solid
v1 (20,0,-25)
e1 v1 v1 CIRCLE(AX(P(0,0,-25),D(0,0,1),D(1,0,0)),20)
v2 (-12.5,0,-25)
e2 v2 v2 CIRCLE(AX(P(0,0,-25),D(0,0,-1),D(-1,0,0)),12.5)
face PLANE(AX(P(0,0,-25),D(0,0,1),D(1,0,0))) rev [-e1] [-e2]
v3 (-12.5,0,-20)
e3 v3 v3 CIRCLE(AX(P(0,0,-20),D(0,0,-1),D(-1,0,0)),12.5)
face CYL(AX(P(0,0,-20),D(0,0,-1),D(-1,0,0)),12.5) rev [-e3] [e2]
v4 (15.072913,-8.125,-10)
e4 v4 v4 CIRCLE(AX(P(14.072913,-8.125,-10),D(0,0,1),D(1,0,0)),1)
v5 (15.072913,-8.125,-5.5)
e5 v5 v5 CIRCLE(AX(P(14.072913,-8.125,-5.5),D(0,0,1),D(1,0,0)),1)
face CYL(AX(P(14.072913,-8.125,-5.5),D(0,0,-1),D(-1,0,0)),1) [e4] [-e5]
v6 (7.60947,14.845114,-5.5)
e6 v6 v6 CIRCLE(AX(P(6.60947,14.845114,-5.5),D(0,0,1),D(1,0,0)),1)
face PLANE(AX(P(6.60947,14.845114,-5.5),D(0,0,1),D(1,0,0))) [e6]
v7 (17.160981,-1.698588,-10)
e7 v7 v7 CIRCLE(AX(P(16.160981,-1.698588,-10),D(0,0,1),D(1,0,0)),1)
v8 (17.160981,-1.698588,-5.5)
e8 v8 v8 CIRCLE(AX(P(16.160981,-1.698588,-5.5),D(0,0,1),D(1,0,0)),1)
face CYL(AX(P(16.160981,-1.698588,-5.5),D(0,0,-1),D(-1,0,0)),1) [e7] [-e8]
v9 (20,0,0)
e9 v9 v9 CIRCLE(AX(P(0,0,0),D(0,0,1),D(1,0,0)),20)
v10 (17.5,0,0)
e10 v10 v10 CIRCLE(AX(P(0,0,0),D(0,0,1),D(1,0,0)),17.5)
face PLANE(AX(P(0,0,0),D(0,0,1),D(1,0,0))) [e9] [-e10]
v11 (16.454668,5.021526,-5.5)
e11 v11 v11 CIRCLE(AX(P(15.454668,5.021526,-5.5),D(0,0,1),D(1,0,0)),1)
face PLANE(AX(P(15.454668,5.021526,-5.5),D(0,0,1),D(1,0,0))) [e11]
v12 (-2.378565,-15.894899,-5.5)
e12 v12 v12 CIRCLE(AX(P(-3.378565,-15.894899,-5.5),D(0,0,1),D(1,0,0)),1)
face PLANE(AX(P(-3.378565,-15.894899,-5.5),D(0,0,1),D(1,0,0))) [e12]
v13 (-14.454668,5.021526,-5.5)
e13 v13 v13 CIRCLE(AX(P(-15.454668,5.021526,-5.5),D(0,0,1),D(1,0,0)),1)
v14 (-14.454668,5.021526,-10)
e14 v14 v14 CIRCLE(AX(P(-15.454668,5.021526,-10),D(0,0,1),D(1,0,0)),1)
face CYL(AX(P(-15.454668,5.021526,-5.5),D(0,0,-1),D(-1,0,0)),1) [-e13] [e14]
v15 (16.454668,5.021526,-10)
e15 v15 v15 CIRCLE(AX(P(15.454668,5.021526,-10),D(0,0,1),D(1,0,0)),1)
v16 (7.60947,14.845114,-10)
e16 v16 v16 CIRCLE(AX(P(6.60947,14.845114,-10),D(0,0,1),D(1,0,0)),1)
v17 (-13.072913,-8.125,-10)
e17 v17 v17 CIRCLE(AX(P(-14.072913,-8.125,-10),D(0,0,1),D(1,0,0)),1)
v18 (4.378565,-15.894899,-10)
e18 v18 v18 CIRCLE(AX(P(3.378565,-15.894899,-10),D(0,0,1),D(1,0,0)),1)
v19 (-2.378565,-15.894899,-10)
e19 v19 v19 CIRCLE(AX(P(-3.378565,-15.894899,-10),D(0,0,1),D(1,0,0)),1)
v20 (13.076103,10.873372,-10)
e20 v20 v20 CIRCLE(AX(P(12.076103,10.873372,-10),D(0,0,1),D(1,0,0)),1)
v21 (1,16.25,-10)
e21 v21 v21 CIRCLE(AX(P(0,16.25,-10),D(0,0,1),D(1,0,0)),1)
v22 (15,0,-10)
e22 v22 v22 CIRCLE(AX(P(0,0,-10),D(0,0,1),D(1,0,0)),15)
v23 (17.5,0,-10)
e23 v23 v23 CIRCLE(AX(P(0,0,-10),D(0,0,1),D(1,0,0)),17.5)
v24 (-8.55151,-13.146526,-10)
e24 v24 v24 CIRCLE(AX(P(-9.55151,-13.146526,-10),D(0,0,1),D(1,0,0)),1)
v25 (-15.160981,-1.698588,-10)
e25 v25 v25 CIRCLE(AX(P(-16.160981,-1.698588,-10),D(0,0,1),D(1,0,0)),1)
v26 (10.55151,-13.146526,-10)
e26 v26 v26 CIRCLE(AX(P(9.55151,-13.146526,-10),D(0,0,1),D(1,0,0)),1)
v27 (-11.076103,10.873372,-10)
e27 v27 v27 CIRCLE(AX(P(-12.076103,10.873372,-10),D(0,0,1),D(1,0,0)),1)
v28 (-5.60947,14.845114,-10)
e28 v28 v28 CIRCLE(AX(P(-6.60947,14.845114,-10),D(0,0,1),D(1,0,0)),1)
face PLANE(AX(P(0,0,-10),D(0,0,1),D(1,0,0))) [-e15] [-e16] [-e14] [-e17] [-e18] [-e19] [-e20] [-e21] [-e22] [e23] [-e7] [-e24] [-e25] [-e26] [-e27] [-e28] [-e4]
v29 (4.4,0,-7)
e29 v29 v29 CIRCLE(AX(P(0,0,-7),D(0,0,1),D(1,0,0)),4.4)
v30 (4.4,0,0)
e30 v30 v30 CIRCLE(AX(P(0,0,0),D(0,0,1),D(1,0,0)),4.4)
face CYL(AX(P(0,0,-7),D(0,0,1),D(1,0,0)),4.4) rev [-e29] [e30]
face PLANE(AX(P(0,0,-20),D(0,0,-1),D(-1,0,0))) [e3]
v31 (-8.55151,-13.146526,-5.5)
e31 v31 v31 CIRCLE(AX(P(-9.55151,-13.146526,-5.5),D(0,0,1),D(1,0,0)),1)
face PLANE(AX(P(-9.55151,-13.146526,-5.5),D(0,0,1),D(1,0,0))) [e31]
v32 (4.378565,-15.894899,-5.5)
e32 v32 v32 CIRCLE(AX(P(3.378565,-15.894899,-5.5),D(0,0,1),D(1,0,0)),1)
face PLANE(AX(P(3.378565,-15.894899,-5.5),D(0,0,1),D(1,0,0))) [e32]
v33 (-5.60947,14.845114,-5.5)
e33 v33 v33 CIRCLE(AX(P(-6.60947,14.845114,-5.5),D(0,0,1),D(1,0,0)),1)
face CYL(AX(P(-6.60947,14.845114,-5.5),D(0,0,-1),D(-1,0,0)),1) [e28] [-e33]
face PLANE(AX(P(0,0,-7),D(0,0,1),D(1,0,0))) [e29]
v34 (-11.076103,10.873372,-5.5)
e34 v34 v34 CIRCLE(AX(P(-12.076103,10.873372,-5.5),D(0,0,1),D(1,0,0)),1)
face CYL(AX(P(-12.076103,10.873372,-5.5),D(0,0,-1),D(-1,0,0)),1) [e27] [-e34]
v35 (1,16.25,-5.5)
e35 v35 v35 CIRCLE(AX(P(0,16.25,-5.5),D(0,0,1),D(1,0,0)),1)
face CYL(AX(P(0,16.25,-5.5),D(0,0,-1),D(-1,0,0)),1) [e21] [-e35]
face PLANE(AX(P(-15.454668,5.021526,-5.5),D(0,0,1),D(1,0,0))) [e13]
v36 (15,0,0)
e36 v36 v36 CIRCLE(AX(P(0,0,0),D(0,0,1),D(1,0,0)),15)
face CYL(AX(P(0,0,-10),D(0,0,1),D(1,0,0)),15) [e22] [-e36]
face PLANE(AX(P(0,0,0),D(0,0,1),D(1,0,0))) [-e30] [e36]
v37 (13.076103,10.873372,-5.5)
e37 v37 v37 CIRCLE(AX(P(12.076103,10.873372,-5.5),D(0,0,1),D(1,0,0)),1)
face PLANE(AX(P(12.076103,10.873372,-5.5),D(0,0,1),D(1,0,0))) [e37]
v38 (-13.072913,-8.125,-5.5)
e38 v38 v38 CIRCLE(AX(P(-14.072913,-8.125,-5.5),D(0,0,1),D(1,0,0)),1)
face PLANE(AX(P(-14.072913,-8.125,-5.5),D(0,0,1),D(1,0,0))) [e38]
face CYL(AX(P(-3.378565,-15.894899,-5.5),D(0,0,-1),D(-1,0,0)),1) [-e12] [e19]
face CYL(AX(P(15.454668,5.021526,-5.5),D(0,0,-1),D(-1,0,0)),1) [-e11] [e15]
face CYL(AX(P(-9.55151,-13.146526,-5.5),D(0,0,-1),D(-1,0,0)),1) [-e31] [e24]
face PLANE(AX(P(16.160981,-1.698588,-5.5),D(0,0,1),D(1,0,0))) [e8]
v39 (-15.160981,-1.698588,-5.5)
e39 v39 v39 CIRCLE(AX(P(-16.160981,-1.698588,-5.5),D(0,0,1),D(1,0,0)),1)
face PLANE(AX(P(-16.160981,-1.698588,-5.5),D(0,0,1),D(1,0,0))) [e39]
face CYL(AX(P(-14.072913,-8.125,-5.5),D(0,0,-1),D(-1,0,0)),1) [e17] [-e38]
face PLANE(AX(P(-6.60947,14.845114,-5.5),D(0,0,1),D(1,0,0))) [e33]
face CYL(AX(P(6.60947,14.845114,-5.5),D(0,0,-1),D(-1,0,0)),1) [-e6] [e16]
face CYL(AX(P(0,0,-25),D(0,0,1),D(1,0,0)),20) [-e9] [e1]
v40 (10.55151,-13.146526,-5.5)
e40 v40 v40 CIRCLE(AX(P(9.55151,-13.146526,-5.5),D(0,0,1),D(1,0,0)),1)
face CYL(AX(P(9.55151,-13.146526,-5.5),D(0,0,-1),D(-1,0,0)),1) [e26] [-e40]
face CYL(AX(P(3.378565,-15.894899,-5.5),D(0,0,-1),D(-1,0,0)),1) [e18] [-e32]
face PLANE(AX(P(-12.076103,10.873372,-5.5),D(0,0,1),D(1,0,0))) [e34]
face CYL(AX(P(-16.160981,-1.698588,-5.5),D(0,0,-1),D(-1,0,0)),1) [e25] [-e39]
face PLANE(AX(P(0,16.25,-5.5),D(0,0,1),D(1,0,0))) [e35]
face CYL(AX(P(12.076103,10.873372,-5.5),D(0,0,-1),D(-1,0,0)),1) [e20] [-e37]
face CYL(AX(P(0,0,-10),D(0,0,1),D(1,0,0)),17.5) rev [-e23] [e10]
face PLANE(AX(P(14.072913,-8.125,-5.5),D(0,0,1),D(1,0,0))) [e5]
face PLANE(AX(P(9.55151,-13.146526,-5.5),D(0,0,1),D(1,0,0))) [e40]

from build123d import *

# Parameters (mm, degrees)
SKETCH1_R           = 20
BOSS_EXTRUDE1_DEPTH = 25
SKETCH2_R           = 17.5
SKETCH2_R_2         = 15
CUT_EXTRUDE1_DEPTH  = 10
SKETCH3_R           = 4.4
CUT_EXTRUDE2_DEPTH  = 7
SKETCH4_R           = 12.5
CUT_EXTRUDE3_DEPTH  = 5
SKETCH5_R           = 1
BOSS_EXTRUDE2_DEPTH = 4.5


with BuildPart() as part:
    # Sketch1 → Boss-Extrude1 (new body)
    with BuildSketch(Plane.XY):
        Circle(SKETCH1_R)
    extrude(amount=-BOSS_EXTRUDE1_DEPTH)

    # Sketch2 → Cut-Extrude1 (cut)
    with BuildSketch(Plane.XY):
        Circle(SKETCH2_R)
        Circle(SKETCH2_R_2, mode=Mode.SUBTRACT)
    extrude(amount=-CUT_EXTRUDE1_DEPTH, mode=Mode.SUBTRACT)

    # Sketch3 → Cut-Extrude2 (cut)
    with BuildSketch(Plane.XY):
        Circle(SKETCH3_R)
    extrude(amount=-CUT_EXTRUDE2_DEPTH, mode=Mode.SUBTRACT)

    # Sketch4 → Cut-Extrude3 (cut)
    with BuildSketch(Plane(origin=(0, 0, -25), x_dir=(-1, 0, 0), z_dir=(0, 0, -1))):
        Circle(SKETCH4_R)
    extrude(amount=-CUT_EXTRUDE3_DEPTH, mode=Mode.SUBTRACT)

    # Sketch5 → Boss-Extrude2 (add)
    with BuildSketch(Plane.XY.offset(-10)):
        with Locations((0, 16.25)):
            Circle(SKETCH5_R)
        with Locations((6.60947045, 14.845113687)):
            Circle(SKETCH5_R)
        with Locations((12.076103414, 10.873372353)):
            Circle(SKETCH5_R)
        with Locations((15.45466839, 5.021526159)):
            Circle(SKETCH5_R)
        with Locations((16.1609808, -1.698587528)):
            Circle(SKETCH5_R)
        with Locations((14.072912811, -8.125)):
            Circle(SKETCH5_R)
        with Locations((9.55151035, -13.146526159)):
            Circle(SKETCH5_R)
        with Locations((3.378564976, -15.894898512)):
            Circle(SKETCH5_R)
        with Locations((-3.378564976, -15.894898512)):
            Circle(SKETCH5_R)
        with Locations((-9.55151035, -13.146526159)):
            Circle(SKETCH5_R)
        with Locations((-14.072912811, -8.125)):
            Circle(SKETCH5_R)
        with Locations((-16.1609808, -1.698587528)):
            Circle(SKETCH5_R)
        with Locations((-15.45466839, 5.021526159)):
            Circle(SKETCH5_R)
        with Locations((-12.076103414, 10.873372353)):
            Circle(SKETCH5_R)
        with Locations((-6.60947045, 14.845113687)):
            Circle(SKETCH5_R)
    extrude(amount=BOSS_EXTRUDE2_DEPTH)


solid = part.part
